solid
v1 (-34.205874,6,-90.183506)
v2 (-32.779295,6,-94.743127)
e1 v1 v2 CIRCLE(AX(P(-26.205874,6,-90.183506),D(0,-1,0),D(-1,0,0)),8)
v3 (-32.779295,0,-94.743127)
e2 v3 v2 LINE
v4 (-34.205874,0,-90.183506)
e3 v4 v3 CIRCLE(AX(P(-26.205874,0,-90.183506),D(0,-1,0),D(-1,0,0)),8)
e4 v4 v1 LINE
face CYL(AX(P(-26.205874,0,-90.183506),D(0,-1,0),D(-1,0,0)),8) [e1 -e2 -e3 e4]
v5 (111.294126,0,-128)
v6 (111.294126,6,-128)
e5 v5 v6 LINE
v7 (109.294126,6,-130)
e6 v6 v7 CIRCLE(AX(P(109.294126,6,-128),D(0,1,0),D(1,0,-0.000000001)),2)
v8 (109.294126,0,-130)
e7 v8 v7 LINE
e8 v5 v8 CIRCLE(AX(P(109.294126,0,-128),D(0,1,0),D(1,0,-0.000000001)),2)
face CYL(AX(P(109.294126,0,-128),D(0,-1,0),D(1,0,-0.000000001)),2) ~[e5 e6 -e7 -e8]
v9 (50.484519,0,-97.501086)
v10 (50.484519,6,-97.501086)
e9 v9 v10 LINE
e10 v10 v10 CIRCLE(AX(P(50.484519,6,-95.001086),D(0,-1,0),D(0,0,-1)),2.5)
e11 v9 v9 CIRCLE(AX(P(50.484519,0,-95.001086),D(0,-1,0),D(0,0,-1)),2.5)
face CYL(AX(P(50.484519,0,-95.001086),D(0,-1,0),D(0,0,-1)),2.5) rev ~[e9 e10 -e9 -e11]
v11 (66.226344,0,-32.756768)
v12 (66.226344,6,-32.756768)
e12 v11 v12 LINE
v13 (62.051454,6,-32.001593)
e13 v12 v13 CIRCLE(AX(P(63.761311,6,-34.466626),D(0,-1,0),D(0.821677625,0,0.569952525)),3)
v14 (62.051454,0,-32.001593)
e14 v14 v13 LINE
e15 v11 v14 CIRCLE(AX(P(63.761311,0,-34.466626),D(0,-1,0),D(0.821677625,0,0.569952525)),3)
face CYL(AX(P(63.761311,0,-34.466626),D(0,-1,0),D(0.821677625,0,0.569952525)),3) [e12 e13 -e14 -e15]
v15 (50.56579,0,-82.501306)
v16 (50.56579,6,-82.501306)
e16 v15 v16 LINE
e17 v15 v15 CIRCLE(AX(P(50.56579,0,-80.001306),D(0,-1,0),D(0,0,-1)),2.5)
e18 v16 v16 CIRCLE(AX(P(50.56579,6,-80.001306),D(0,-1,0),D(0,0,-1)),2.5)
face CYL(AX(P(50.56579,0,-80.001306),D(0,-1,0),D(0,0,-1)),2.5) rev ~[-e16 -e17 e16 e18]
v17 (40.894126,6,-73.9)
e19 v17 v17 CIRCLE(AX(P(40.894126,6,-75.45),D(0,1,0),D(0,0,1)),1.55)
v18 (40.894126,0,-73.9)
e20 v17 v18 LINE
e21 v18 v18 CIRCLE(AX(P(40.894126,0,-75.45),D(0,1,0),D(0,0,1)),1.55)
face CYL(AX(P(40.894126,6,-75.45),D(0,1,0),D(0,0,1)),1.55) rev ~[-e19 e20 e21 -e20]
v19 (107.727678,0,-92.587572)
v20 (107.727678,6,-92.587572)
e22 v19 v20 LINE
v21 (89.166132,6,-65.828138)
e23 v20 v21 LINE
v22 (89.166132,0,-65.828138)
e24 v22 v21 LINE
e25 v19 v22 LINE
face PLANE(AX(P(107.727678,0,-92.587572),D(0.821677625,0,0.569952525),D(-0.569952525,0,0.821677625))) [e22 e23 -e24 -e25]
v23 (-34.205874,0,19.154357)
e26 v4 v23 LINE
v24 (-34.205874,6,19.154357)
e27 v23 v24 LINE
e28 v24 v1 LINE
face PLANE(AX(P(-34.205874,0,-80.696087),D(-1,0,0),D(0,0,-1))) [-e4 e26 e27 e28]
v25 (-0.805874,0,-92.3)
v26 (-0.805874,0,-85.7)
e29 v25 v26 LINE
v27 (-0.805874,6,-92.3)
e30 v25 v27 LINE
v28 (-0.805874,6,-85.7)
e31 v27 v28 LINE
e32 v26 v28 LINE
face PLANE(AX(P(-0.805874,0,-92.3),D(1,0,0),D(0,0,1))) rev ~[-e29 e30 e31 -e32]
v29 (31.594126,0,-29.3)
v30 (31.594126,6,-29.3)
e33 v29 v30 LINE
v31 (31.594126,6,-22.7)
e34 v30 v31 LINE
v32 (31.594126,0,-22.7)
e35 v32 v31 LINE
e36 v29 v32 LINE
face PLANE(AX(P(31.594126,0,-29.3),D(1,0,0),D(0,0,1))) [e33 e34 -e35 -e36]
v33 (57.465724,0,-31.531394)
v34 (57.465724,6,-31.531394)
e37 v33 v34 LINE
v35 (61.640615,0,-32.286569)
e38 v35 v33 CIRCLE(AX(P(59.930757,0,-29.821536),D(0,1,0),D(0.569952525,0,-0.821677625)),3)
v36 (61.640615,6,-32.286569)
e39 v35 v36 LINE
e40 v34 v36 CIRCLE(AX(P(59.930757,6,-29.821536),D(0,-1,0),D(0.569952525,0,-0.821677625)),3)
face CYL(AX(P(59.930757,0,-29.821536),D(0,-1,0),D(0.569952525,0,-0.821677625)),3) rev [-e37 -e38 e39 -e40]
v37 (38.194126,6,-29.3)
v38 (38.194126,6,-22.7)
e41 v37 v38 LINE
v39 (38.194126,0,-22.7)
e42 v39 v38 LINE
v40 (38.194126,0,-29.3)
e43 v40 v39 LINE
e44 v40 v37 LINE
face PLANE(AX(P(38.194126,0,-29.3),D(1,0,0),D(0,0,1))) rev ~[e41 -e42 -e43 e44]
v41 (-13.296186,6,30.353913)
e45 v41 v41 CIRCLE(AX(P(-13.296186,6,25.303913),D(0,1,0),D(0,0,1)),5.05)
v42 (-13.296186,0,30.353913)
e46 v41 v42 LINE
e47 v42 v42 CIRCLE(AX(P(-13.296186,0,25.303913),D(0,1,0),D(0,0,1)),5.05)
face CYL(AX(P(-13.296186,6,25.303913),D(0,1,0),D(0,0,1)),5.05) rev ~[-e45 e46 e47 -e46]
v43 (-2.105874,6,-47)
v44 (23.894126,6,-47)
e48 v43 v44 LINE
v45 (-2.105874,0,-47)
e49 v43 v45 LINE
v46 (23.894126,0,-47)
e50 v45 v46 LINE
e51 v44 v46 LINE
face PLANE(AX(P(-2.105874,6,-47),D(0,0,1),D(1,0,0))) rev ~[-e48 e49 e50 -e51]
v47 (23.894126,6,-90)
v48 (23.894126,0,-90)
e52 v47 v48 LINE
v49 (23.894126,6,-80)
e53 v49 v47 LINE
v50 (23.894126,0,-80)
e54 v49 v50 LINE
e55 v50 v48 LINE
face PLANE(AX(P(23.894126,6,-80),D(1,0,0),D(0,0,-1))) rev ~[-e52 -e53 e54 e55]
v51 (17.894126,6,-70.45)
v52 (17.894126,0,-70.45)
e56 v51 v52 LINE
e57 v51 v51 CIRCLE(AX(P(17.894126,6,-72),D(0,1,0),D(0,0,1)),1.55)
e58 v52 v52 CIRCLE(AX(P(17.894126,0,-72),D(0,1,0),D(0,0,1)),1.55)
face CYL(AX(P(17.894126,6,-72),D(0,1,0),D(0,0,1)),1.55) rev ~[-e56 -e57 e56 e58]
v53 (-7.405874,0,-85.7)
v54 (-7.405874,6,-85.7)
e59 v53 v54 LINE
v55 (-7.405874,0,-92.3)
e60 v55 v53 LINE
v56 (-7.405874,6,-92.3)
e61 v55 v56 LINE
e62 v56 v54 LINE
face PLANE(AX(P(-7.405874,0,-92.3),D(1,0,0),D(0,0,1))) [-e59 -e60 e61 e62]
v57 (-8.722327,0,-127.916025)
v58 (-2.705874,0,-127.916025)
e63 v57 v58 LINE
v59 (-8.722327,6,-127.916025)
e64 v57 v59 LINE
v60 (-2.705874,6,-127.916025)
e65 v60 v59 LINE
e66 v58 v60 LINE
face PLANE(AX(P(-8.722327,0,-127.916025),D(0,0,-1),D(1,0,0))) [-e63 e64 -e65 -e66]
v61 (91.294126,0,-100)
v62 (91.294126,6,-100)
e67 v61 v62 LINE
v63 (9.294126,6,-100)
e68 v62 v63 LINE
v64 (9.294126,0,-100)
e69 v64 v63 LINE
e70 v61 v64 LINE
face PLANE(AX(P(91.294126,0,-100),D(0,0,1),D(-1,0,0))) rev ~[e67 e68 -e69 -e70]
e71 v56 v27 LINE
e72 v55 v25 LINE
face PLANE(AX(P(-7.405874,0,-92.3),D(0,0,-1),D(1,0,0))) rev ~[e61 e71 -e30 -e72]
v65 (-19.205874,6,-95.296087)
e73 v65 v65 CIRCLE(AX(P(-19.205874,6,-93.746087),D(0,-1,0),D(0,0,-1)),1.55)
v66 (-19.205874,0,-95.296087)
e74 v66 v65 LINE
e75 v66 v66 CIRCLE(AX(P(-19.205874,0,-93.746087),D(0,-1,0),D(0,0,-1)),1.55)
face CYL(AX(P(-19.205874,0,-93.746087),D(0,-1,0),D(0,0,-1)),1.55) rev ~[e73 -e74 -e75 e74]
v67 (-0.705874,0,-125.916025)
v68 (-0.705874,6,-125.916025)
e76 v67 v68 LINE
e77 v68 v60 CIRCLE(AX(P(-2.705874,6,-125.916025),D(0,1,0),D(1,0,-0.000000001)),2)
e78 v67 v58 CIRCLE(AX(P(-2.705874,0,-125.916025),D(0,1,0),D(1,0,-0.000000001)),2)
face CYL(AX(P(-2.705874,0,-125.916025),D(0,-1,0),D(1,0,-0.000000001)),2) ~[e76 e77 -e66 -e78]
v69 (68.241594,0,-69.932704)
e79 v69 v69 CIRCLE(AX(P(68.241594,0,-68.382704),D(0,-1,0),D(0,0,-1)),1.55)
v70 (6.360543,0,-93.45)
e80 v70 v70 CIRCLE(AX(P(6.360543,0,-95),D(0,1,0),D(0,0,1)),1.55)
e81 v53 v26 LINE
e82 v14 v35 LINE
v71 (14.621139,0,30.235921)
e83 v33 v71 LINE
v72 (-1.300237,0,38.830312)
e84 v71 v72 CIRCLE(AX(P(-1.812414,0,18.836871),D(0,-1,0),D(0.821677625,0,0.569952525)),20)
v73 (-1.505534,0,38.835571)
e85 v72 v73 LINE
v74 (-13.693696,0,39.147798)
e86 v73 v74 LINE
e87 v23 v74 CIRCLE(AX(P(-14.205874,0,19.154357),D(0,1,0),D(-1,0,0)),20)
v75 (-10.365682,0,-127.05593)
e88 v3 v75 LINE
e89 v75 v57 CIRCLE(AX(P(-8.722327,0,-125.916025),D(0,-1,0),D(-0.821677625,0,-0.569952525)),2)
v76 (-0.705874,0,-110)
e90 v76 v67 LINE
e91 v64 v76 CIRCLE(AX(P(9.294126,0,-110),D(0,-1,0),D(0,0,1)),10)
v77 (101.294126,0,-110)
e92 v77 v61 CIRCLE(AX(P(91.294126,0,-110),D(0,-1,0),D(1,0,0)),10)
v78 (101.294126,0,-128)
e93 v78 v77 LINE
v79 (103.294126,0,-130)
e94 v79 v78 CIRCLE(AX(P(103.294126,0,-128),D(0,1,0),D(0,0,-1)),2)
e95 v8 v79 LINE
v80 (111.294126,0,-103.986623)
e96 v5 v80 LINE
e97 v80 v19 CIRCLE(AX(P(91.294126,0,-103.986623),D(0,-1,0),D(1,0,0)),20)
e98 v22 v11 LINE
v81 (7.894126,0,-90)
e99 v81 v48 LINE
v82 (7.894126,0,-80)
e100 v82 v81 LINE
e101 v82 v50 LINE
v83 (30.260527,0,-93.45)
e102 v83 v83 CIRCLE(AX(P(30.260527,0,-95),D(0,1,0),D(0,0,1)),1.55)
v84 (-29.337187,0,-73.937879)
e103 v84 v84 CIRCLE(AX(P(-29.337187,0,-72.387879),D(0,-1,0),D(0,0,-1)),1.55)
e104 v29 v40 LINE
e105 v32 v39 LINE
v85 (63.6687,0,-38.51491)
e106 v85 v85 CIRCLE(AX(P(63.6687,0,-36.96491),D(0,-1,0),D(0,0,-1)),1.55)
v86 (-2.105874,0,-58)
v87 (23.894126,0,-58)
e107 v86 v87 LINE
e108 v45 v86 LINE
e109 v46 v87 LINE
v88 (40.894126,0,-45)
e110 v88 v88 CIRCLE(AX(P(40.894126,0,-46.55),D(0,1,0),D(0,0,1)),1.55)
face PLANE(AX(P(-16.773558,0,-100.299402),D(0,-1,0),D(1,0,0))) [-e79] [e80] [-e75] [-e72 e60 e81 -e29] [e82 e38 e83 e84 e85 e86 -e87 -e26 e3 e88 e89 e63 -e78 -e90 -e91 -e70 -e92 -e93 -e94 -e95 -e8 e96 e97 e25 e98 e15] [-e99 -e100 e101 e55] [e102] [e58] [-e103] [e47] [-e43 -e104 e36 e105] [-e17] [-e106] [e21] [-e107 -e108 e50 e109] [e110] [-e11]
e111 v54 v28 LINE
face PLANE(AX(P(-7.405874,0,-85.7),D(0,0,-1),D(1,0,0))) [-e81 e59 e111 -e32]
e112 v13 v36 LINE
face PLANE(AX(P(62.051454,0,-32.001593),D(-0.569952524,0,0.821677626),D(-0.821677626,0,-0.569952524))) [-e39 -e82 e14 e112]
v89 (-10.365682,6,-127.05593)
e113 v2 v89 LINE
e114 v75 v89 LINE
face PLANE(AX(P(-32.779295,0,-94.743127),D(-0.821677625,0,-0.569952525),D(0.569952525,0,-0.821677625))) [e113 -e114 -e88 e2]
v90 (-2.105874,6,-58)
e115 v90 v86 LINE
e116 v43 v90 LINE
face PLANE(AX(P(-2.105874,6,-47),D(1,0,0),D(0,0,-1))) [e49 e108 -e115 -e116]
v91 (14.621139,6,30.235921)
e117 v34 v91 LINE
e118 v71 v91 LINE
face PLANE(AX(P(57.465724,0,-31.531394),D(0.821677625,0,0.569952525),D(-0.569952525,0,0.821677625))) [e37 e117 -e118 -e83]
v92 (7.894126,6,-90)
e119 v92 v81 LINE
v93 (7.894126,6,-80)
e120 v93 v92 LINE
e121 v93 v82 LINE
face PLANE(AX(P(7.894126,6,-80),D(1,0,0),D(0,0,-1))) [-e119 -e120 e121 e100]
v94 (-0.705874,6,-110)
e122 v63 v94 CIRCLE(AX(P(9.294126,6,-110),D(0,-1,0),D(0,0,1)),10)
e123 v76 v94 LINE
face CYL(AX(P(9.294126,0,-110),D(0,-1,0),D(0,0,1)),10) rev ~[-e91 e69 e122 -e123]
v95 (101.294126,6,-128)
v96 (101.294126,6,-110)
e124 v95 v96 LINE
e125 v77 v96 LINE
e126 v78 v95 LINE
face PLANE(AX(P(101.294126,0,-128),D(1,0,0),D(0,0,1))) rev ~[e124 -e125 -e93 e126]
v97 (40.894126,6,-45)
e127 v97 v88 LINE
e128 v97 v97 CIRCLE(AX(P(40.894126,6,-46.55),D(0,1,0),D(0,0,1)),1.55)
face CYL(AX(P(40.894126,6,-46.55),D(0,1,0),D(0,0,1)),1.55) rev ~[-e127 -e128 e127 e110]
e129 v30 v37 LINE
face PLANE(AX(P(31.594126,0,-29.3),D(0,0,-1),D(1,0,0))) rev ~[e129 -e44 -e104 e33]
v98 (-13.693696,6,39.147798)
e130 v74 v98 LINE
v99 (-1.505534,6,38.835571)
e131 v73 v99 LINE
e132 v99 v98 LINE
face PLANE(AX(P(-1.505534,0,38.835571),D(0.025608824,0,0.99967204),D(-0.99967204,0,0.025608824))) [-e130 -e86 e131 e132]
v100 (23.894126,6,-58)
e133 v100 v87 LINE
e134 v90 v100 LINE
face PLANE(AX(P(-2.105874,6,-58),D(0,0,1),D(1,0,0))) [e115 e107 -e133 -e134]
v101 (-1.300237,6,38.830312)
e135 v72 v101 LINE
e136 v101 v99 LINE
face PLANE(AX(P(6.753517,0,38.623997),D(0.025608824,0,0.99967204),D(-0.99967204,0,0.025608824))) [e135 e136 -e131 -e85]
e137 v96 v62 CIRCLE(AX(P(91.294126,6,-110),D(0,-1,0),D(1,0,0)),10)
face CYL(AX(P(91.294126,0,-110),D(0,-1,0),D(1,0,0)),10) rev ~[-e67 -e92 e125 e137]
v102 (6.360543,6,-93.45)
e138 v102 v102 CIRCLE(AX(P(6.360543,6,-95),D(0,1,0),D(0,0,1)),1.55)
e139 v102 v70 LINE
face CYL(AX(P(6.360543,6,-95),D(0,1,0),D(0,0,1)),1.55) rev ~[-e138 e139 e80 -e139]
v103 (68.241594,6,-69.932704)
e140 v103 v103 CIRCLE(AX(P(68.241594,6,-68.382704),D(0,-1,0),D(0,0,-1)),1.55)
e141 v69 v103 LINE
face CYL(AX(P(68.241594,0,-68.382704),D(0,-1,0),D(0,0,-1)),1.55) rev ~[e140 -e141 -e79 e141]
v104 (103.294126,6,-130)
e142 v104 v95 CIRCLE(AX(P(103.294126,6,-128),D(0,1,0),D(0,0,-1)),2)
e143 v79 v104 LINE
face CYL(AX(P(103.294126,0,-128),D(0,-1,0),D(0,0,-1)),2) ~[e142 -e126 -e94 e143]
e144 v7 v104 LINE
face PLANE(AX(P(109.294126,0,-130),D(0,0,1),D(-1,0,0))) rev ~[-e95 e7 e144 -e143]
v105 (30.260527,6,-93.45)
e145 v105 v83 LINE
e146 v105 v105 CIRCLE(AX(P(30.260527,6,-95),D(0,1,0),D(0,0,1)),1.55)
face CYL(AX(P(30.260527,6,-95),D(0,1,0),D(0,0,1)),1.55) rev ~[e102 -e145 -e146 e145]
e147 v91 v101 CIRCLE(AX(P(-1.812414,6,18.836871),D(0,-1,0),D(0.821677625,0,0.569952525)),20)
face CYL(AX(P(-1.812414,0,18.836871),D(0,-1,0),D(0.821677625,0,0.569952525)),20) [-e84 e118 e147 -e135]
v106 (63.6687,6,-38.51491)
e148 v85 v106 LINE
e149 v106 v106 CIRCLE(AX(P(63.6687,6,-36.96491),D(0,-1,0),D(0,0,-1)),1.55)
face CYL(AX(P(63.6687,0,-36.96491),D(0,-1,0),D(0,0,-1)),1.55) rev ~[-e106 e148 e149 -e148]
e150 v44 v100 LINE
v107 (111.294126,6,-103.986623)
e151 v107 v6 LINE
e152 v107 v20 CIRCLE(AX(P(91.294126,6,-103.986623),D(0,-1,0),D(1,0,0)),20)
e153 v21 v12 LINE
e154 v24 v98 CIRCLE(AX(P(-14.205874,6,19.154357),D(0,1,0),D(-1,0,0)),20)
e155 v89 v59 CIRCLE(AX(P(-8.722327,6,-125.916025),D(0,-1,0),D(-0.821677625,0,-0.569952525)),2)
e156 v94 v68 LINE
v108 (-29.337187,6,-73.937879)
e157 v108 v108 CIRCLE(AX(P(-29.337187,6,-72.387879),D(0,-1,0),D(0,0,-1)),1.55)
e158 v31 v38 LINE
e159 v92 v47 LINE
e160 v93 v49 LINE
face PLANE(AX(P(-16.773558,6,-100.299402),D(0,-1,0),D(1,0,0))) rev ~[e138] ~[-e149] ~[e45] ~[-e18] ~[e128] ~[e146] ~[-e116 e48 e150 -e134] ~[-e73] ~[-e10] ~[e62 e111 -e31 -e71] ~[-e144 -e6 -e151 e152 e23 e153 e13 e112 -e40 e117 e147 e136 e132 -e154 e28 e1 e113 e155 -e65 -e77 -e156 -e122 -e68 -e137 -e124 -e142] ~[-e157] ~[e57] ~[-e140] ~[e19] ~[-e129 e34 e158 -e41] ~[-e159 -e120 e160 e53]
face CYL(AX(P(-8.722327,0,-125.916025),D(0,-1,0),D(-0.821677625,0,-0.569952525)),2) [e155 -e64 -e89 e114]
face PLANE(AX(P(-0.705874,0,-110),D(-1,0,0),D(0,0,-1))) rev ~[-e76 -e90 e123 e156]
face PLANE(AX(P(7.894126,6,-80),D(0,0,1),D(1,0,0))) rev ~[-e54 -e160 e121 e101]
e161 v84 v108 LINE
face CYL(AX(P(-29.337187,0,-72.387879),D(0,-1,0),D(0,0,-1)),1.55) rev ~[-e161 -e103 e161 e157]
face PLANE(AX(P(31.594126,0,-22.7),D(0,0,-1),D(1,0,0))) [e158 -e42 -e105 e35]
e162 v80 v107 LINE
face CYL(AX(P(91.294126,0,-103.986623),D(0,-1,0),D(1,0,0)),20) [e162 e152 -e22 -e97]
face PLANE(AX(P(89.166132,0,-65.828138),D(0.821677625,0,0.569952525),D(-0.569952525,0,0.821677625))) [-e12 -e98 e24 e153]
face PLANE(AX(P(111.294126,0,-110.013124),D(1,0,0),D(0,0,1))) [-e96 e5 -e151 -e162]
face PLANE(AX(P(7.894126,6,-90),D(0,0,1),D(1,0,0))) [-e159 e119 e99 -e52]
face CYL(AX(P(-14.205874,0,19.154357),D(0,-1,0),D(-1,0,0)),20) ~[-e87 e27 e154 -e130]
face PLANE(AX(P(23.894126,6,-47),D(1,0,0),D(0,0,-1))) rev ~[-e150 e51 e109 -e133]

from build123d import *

# Parameters (mm, degrees)
DODANIE_WYCI_GNI_CIE1_DEPTH = 6
SZKIC3_R                    = 5.05
WYTNIJ_WYCI_GNI_CIE1_DEPTH  = 172.237795034
SZKIC5_R                    = 1.55
SZKIC5_W                    = 26
SZKIC5_H                    = 11
SZKIC5_W_2                  = 16
SZKIC5_H_2                  = 10
WYTNIJ_WYCI_GNI_CIE2_DEPTH  = 172.237795034
DODANIE_WYCI_GNI_CIE2_DEPTH = 6
SZKIC6_R                    = 1.55
WYTNIJ_WYCI_GNI_CIE3_DEPTH  = 172.237795034
DODANIE_WYCI_GNI_CIE3_DEPTH = 6
SZKIC9_R                    = 1.55
WYTNIJ_WYCI_GNI_CIE5_DEPTH  = 6
SZKIC11_R                   = 1.55
WYTNIJ_WYCI_GNI_CIE6_DEPTH  = 6
SZKIC15_R                   = 2.5
WYTNIJ_WYCI_GNI_CIE7_DEPTH  = 6
SZKIC8_R                    = 1.55
WYTNIJ_WYCI_GNI_CIE4_DEPTH  = 172.237795034
SZKIC20_W                   = 6.6
SZKIC20_H                   = 6.6
WYTNIJ_WYCI_GNI_CIE9_DEPTH  = 6
WYTNIJ_WYCI_GNI_CIE10_DEPTH = 10


with BuildPart() as part:
    # Szkic2 → Dodanie-wyciągnięcie1 (new body)
    with BuildSketch(Plane(origin=(0, 0, 0), x_dir=(1, 0, 0), z_dir=(0, 1, 0))):
        with BuildLine():
            Line((-2.705874152, 127.916025414), (-8.705874152, 127.916025414))
            ThreePointArc((-8.705874152, 127.916025414), (-10.120087715, 127.330238976), (-10.705874152, 125.916025414))
            Line((-10.705874152, 125.916025414), (-10.705874152, 88.696086508))
            ThreePointArc((-10.705874152, 88.696086508), (-11.877447027, 85.867659383), (-14.705874152, 84.696086508))
            Line((-14.705874152, 84.696086508), (-30.205874152, 84.696086508))
            ThreePointArc((-30.205874152, 84.696086508), (-33.034301277, 83.524513632), (-34.205874152, 80.696086508))
            Line((-34.205874152, 80.696086508), (-34.205874152, 69.929357434))
            Line((-34.205874152, 69.929357434), (-34.205874152, 68.036244156))
            Line((-34.205874152, 68.036244156), (-34.205874152, 10.604511111))
            Line((-34.205874152, 10.604511111), (-34.205874152, -19.154356935))
            ThreePointArc((-34.205874152, -19.154356935), (-21.880415638, -37.623287954), (-0.095732854, -33.328414665))
            Line((-0.095732854, -33.328414665), (14.157093559, -19.139859884))
            Line((14.157093559, -19.139859884), (55.027168237, 21.545915465))
            ThreePointArc((55.027168237, 21.545915465), (56.334805154, 23.495770338), (56.794125848, 25.798132784))
            Line((56.794125848, 25.798132784), (56.794125848, 30.935818421))
            Line((56.794125848, 30.935818421), (56.794125848, 59.333926751))
            ThreePointArc((56.794125848, 59.333926751), (64.677605901, 81.048439594), (85.935948442, 90.090131813))
            Line((85.935948442, 90.090131813), (91.371133341, 90.090131813))
            ThreePointArc((91.371133341, 90.090131813), (105.458816444, 95.925441216), (111.294125848, 110.013124319))
            Line((111.294125848, 110.013124319), (111.294125848, 128))
            ThreePointArc((111.294125848, 128), (110.70833941, 129.414213562), (109.294125848, 130))
            Line((109.294125848, 130), (103.294125848, 130))
            ThreePointArc((103.294125848, 130), (101.879912285, 129.414213562), (101.294125848, 128))
            Line((101.294125848, 128), (101.294125848, 110))
            ThreePointArc((101.294125848, 110), (98.36519366, 102.928932188), (91.294125848, 100))
            Line((91.294125848, 100), (9.294125848, 100))
            ThreePointArc((9.294125848, 100), (2.223058036, 102.928932188), (-0.705874152, 110))
            Line((-0.705874152, 110), (-0.705874152, 125.916025414))
            ThreePointArc((-0.705874152, 125.916025414), (-1.29166059, 127.330238976), (-2.705874152, 127.916025414))
        make_face()
    extrude(amount=DODANIE_WYCI_GNI_CIE1_DEPTH)

    # Szkic3 → Wytnij-wyciągnięcie1 (cut, through all)
    with BuildSketch(Plane(origin=(0, 6, 0), x_dir=(1, 0, 0), z_dir=(0, 1, 0))):
        with Locations(Location((-13.29618586, -25.303913492, 0), (0, 0, 270))):
            Circle(SZKIC3_R)
    extrude(amount=-WYTNIJ_WYCI_GNI_CIE1_DEPTH, mode=Mode.SUBTRACT)

    # Szkic5 → Wytnij-wyciągnięcie2 (cut, through all)
    with BuildSketch(Plane(origin=(0, 6, 0), x_dir=(1, 0, 0), z_dir=(0, 1, 0))):
        with Locations(Location((40.894125848, 75.45, 0), (0, 0, 270))):
            Circle(SZKIC5_R)
        with Locations(Location((30.260526652, 95, 0), (0, 0, 270))):
            Circle(SZKIC5_R)
        with Locations(Location((6.360542819, 95, 0), (0, 0, 270))):
            Circle(SZKIC5_R)
        with Locations(Location((40.894125848, 46.55, 0), (0, 0, 270))):
            Circle(SZKIC5_R)
        with Locations(Location((17.894125848, 72, 0), (0, 0, 270))):
            Circle(SZKIC5_R)
        with Locations((10.894125848, 52.5)):
            Rectangle(SZKIC5_W, SZKIC5_H)
        with Locations((15.894125848, 85)):
            Rectangle(SZKIC5_W_2, SZKIC5_H_2)
    extrude(amount=-WYTNIJ_WYCI_GNI_CIE2_DEPTH, mode=Mode.SUBTRACT)

    # Szkic12 → Dodanie-wyciągnięcie2 (add)
    with BuildSketch(Plane.XZ):
        with BuildLine():
            Line((28.406352316, 21.766792401), (22.674893132, 30.029606522))
            ThreePointArc((22.674893132, 30.029606522), (15.741620567, 36.230120828), (6.753517107, 38.623996834))
            Line((6.753517107, 38.623996834), (-1.505533921, 38.835570804))
            Line((-1.505533921, 38.835570804), (-13.693695858, 39.147797694))
            Line((-13.693695858, 39.147797694), (55.027168237, -21.545915465))
            ThreePointArc((55.027168237, -21.545915465), (56.334805154, -23.495770338), (56.794125848, -25.798132784))
            Line((56.794125848, -25.798132784), (56.794125848, -59.333926751))
            ThreePointArc((56.794125848, -59.333926751), (64.677605901, -81.048439594), (85.935948442, -90.090131813))
            Line((85.935948442, -90.090131813), (91.371133341, -90.090131813))
            Line((91.371133341, -90.090131813), (111.294125848, -110.013124319))
            Line((111.294125848, -110.013124319), (111.294125848, -103.986622655))
            ThreePointArc((111.294125848, -103.986622655), (110.381700995, -98.014648527), (107.72767835, -92.58757216))
            Line((107.72767835, -92.58757216), (89.166132072, -65.828137643))
            Line((89.166132072, -65.828137643), (62.775344571, -27.781601032))
            Line((62.775344571, -27.781601032), (28.406352316, 21.766792401))
        make_face()
    extrude(amount=-DODANIE_WYCI_GNI_CIE2_DEPTH)

    # Szkic6 → Wytnij-wyciągnięcie3 (cut, through all)
    with BuildSketch(Plane.XZ):
        with Locations(Location((68.241593591, -68.382704099, 0), (0, 0, 270))):
            Circle(SZKIC6_R)
    extrude(amount=-WYTNIJ_WYCI_GNI_CIE3_DEPTH, mode=Mode.SUBTRACT)

    # Szkic13 → Dodanie-wyciągnięcie3 (add)
    with BuildSketch(Plane.XZ):
        with BuildLine():
            Line((-34.205874152, -80.696086508), (-34.205874152, -90.183506419))
            ThreePointArc((-34.205874152, -90.183506419), (-33.840904211, -92.57229607), (-32.779295153, -94.743126617))
            Line((-32.779295153, -94.743126617), (-10.365682355, -127.055930463))
            ThreePointArc((-10.365682355, -127.055930463), (-9.649740147, -127.688003136), (-8.722327105, -127.916025414))
            Line((-8.722327105, -127.916025414), (-6.264571206, -127.916025414))
            Line((-6.264571206, -127.916025414), (-6.264571206, -80.696086508))
            Line((-6.264571206, -80.696086508), (-8.705874152, -80.696086508))
            Line((-8.705874152, -80.696086508), (-34.205874152, -80.696086508))
        make_face()
    extrude(amount=-DODANIE_WYCI_GNI_CIE3_DEPTH)

    # Szkic9 → Wytnij-wyciągnięcie5 (cut)
    with BuildSketch(Plane.XZ):
        with Locations(Location((63.668699873, -36.96490988, 0), (0, 0, 270))):
            Circle(SZKIC9_R)
    extrude(amount=-WYTNIJ_WYCI_GNI_CIE5_DEPTH, mode=Mode.SUBTRACT)

    # Szkic11 → Wytnij-wyciągnięcie6 (cut)
    with BuildSketch(Plane.XZ):
        with Locations(Location((-29.337186675, -72.387878859, 0), (0, 0, 270))):
            Circle(SZKIC11_R)
    extrude(amount=-WYTNIJ_WYCI_GNI_CIE6_DEPTH, mode=Mode.SUBTRACT)

    # Szkic15 → Wytnij-wyciągnięcie7 (cut)
    with BuildSketch(Plane.XZ):
        with Locations(Location((50.565790386, -80.001305928, 0), (0, 0, 270))):
            Circle(SZKIC15_R)
        with Locations(Location((50.484519469, -95.001085761, 0), (0, 0, 270))):
            Circle(SZKIC15_R)
    extrude(amount=-WYTNIJ_WYCI_GNI_CIE7_DEPTH, mode=Mode.SUBTRACT)

    # Szkic8 → Wytnij-wyciągnięcie4 (cut, through all)
    with BuildSketch(Plane.XZ):
        with Locations(Location((-19.205874152, -93.746086504, 0), (0, 0, 270))):
            Circle(SZKIC8_R)
    extrude(amount=-WYTNIJ_WYCI_GNI_CIE4_DEPTH, mode=Mode.SUBTRACT)

    # Szkic20 → Wytnij-wyciągnięcie9 (cut)
    with BuildSketch(Plane.XZ):
        with Locations((34.894125848, -26)):
            Rectangle(SZKIC20_W, SZKIC20_H)
        with Locations((-4.105874152, -89)):
            Rectangle(SZKIC20_W, SZKIC20_H)
    extrude(amount=-WYTNIJ_WYCI_GNI_CIE9_DEPTH, mode=Mode.SUBTRACT)

    # Szkic21 → Wytnij-wyciągnięcie10 (cut)
    with BuildSketch(Plane.XZ):
        with BuildLine():
            Line((62.051453687, -32.001592967), (61.640614874, -32.286569229))
            ThreePointArc((61.640614874, -32.286569229), (59.396767724, -32.773629702), (57.465724425, -31.531393928))
            Line((57.465724425, -31.531393928), (14.621138886, 30.235921359))
            ThreePointArc((14.621138886, 30.235921359), (7.68786632, 36.436435664), (-1.300237139, 38.830311671))
            Line((-1.300237139, 38.830311671), (6.753517107, 38.623996834))
            ThreePointArc((6.753517107, 38.623996834), (15.741620567, 36.230120828), (22.674893132, 30.029606522))
            Line((22.674893132, 30.029606522), (66.226344136, -32.756768268))
            ThreePointArc((66.226344136, -32.756768268), (64.295300837, -31.514532495), (62.051453687, -32.001592967))
        make_face()
    extrude(amount=-WYTNIJ_WYCI_GNI_CIE10_DEPTH, mode=Mode.SUBTRACT)


solid = part.part
